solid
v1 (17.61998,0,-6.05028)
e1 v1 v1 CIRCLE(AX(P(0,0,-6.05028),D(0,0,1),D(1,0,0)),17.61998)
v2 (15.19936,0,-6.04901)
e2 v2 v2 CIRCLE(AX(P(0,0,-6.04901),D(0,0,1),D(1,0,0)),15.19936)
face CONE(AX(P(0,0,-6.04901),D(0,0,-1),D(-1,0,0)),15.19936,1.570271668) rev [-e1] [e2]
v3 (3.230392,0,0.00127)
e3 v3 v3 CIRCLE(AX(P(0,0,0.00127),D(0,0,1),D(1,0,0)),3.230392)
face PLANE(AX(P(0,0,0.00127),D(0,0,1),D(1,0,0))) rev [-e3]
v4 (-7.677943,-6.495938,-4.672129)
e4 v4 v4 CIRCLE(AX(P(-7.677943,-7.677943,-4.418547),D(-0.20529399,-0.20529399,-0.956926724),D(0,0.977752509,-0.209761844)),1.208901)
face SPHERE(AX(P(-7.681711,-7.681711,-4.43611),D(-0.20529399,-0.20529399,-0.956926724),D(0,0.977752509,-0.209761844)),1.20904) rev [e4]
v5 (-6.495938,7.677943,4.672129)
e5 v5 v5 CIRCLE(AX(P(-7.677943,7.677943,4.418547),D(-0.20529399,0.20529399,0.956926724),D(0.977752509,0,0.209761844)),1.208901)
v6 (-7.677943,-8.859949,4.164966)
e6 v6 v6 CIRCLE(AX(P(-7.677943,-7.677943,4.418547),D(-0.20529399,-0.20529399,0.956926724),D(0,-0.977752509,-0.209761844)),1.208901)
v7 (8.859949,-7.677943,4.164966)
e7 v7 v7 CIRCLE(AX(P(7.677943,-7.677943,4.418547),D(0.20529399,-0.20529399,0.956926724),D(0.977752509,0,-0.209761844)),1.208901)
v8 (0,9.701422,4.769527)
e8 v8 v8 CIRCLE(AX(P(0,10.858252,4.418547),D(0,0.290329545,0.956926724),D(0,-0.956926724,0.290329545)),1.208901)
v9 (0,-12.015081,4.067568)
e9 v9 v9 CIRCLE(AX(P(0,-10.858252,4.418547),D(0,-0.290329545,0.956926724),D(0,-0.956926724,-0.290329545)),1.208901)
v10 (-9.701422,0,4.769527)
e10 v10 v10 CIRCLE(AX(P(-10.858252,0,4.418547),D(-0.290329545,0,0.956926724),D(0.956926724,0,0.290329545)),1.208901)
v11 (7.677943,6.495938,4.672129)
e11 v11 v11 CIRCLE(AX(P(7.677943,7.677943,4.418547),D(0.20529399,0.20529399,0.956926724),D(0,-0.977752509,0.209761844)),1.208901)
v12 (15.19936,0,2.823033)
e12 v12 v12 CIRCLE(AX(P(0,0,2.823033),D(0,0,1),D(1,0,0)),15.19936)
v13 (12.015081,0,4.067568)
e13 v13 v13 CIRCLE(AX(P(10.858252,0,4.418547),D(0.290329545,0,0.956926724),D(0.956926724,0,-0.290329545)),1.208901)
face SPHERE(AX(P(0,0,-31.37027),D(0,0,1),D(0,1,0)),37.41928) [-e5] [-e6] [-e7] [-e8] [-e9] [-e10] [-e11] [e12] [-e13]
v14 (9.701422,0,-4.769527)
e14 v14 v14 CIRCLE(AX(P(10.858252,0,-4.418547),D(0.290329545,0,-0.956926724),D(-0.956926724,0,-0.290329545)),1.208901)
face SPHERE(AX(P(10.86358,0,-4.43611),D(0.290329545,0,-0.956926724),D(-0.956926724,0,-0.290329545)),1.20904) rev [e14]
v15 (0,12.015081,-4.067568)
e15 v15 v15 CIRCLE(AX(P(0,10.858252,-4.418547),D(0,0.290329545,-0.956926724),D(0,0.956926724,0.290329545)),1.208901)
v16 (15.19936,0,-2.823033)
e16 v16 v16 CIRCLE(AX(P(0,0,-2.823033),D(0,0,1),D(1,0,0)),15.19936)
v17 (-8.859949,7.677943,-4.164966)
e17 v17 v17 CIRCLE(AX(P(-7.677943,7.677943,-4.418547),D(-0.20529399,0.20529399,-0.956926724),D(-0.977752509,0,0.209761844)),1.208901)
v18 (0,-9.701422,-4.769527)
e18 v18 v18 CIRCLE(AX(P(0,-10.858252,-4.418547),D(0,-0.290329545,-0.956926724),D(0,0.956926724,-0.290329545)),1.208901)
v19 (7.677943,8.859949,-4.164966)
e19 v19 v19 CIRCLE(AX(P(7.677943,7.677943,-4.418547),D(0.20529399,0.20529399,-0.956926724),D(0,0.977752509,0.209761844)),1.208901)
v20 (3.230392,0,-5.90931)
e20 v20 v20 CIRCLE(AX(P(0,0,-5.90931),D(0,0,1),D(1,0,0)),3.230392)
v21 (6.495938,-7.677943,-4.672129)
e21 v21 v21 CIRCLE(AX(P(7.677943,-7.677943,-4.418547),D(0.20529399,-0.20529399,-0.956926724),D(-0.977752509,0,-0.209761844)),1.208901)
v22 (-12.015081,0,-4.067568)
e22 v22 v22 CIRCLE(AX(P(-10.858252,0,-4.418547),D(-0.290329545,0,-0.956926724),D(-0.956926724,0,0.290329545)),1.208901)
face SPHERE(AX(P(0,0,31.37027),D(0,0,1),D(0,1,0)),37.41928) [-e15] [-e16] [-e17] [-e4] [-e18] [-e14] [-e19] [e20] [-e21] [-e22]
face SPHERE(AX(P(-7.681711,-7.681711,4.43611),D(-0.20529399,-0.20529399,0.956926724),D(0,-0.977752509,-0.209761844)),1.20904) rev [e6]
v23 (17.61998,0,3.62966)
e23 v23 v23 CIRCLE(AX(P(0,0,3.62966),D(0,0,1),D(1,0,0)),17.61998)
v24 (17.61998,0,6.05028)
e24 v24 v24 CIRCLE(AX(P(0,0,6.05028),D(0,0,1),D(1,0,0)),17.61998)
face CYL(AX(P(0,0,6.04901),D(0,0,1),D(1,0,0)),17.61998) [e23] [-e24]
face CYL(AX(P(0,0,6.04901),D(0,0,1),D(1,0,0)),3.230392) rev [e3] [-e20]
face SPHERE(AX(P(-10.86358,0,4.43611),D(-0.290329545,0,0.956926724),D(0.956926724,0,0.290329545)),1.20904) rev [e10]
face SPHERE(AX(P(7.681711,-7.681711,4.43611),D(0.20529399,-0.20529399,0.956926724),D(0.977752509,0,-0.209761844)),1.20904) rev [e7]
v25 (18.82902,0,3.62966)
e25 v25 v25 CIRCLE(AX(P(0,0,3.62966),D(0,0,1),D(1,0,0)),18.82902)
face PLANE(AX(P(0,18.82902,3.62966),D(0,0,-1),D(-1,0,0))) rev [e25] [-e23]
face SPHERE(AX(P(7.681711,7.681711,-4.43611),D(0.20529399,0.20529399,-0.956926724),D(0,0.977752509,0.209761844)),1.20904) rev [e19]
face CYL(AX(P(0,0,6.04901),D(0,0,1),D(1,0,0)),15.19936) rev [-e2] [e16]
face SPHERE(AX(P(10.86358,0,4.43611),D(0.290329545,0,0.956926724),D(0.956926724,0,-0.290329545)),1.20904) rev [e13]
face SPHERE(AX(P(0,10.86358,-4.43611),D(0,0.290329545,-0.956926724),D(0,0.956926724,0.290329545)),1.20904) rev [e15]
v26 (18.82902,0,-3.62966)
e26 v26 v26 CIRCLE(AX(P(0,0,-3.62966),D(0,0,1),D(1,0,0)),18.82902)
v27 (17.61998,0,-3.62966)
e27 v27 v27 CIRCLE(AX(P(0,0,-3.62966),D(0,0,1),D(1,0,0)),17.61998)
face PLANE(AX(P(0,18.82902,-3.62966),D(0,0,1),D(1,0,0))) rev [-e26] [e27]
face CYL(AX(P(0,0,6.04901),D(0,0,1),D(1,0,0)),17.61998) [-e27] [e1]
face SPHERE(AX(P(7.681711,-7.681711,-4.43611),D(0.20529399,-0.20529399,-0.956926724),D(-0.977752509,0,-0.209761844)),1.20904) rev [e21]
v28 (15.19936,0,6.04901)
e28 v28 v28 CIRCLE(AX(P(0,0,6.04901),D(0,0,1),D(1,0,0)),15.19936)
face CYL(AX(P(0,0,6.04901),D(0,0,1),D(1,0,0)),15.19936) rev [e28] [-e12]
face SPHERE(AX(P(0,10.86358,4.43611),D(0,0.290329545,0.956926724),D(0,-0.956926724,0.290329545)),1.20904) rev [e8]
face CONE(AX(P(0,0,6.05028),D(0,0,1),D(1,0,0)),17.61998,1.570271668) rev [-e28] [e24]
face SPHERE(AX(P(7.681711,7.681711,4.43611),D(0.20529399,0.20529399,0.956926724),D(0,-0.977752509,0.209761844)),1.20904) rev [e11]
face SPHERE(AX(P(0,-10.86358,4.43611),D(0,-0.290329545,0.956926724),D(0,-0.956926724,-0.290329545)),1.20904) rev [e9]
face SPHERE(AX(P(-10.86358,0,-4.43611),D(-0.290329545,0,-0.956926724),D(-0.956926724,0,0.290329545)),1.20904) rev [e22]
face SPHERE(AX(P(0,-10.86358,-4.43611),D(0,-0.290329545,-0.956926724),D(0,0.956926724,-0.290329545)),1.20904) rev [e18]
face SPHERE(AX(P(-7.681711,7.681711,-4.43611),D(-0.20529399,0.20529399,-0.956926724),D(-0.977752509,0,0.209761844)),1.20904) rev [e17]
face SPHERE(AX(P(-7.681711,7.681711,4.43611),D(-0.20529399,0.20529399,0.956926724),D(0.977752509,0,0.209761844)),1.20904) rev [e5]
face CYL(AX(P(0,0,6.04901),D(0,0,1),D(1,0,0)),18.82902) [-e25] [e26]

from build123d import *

# Parameters (mm, degrees)
CIRPATTERN1_COUNT = 8


with BuildPart() as part:
    # Sketch1 → Revolve1 (revolve)
    with BuildSketch(Plane(origin=(0, 0, 0), x_dir=(0, 0, -1), z_dir=(1, 0, 0)), mode=Mode.PRIVATE) as revolve1_sk:
        with BuildLine():
            Line((-6.049010000000001, 0), (-0.0012699999999996, 0))
            Line((-0.0012699999999996, 0), (-0.00127000000000026, 3.230391731973082))
            Line((-0.00127000000000026, 3.230391731973082), (5.909310000000001, 3.230391731973083))
            ThreePointArc((5.909310000000001, 3.230391731973083), (4.8637927323391, 9.343190762652467), (2.823033018409908, 15.19936))
            Line((2.823033018409908, 15.19936), (6.049010000000001, 15.19936))
            Line((6.049010000000001, 15.19936), (6.05028, 17.61998))
            Line((6.05028, 17.61998), (3.62966, 17.61998))
            Line((3.62966, 17.61998), (3.62966, 18.82902))
            Line((3.62966, 18.82902), (-3.62966, 18.82902))
            Line((-3.62966, 18.82902), (-3.62966, 17.61998))
            Line((-3.62966, 17.61998), (-6.05028, 17.61998))
            Line((-6.05028, 17.61998), (-6.049010000000001, 15.19936))
            Line((-6.049010000000001, 15.19936), (-2.823033018409908, 15.19936))
            ThreePointArc((-2.823033018409908, 15.19936), (-5.233632083583423, 7.768968269586206), (-6.049010000000001, 0))
        make_face()
    revolve(revolve1_sk.sketch.rotate(Axis((0, 0, 6.049010000000001), (0, 0, -1)), 90), axis=Axis((0, 0, 6.049010000000001), (0, 0, -1)))

    # Sketch2 → Cut-Revolve1 (revolve, cut)
    with BuildSketch(Plane.XY.offset(4.43611)):
        with BuildLine():
            Line((-1.209040000000002, 10.86358), (1.2090399999999986, 10.86358))
            ThreePointArc((1.2090399999999986, 10.86358), (-1.66e-15, 12.07262), (-1.209040000000002, 10.86358))
        make_face()
    cut_revolve1 = revolve(axis=Axis((-1.209040000000002, 10.86358, 4.43611), (1, 0, 0)), mode=Mode.SUBTRACT)

    # CirPattern1: Cut-Revolve1 ×8 about axis
    cirpattern1_axis = Axis((-9.52e-15, 2e-17, 0), (0, 0, 1))
    for i in range(1, CIRPATTERN1_COUNT):
        add(cut_revolve1.rotate(cirpattern1_axis, i * 360 / CIRPATTERN1_COUNT), mode=Mode.SUBTRACT)

    # Mirror1: Cut-Revolve1 across plane
    add(cut_revolve1.mirror(Plane.XY), mode=Mode.SUBTRACT)

    # Mirror1 copy 1 sketch → Mirror1 copy 1 (revolve, cut)
    with BuildSketch(Plane(origin=(-2.78e-15, 6.74e-15, -4.43611), x_dir=(0.7071067811865476, 0.7071067811865475, 0), z_dir=(0, 0, -1))):
        with BuildLine():
            Line((-1.209040000000002, -10.86358), (1.2090399999999986, -10.86358))
            ThreePointArc((1.2090399999999986, -10.86358), (-1.66e-15, -12.07262), (-1.209040000000002, -10.86358))
        make_face()
    revolve(axis=Axis((-8.536631468688341, 6.826790703236778, -4.43611), (-0.7071067811865476, -0.7071067811865475, 0)), mode=Mode.SUBTRACT)

    # Mirror1 copy 2 sketch → Mirror1 copy 2 (revolve, cut)
    with BuildSketch(Plane.YX.offset(4.43611)):
        with BuildLine():
            Line((-1.209040000000002, -10.86358), (1.2090399999999986, -10.86358))
            ThreePointArc((1.2090399999999986, -10.86358), (-1.66e-15, -12.07262), (-1.209040000000002, -10.86358))
        make_face()
    revolve(axis=Axis((-10.86358000000001, -1.2090399999999917, -4.43611), (-6e-17, -1, 0)), mode=Mode.SUBTRACT)

    # Mirror1 copy 3 sketch → Mirror1 copy 3 (revolve, cut)
    with BuildSketch(Plane(origin=(-1.624e-14, 6.76e-15, -4.43611), x_dir=(-0.7071067811865475, 0.7071067811865476, 0), z_dir=(0, 0, -1))):
        with BuildLine():
            Line((-1.209040000000002, -10.86358), (1.2090399999999986, -10.86358))
            ThreePointArc((1.2090399999999986, -10.86358), (-1.66e-15, -12.07262), (-1.209040000000002, -10.86358))
        make_face()
    revolve(axis=Axis((-6.826790703236787, -8.53663146868833, -4.43611), (0.7071067811865475, -0.7071067811865476, 0)), mode=Mode.SUBTRACT)

    # Mirror1 copy 4 sketch → Mirror1 copy 4 (revolve, cut)
    with BuildSketch(Plane(origin=(-1.904e-14, 3e-17, -4.43611), x_dir=(-1, 1.2e-16, 0), z_dir=(0, 0, -1))):
        with BuildLine():
            Line((-1.209040000000002, -10.86358), (1.2090399999999986, -10.86358))
            ThreePointArc((1.2090399999999986, -10.86358), (-1.66e-15, -12.07262), (-1.209040000000002, -10.86358))
        make_face()
    revolve(axis=Axis((1.2090399999999815, -10.86358, -4.43611), (1, -1.2e-16, 0)), mode=Mode.SUBTRACT)

    # Mirror1 copy 5 sketch → Mirror1 copy 5 (revolve, cut)
    with BuildSketch(Plane(origin=(-1.626e-14, -6.71e-15, -4.43611), x_dir=(-0.7071067811865477, -0.7071067811865475, 0), z_dir=(0, 0, -1))):
        with BuildLine():
            Line((-1.209040000000002, -10.86358), (1.2090399999999986, -10.86358))
            ThreePointArc((1.2090399999999986, -10.86358), (-1.66e-15, -12.07262), (-1.209040000000002, -10.86358))
        make_face()
    revolve(axis=Axis((8.536631468688322, -6.826790703236779, -4.43611), (0.7071067811865477, 0.7071067811865475, 0)), mode=Mode.SUBTRACT)

    # Mirror1 copy 6 sketch → Mirror1 copy 6 (revolve, cut)
    with BuildSketch(Plane(origin=(-9.54e-15, -9.5e-15, -4.43611), x_dir=(-1.8e-16, -1, 0), z_dir=(0, 0, -1))):
        with BuildLine():
            Line((-1.209040000000002, -10.86358), (1.2090399999999986, -10.86358))
            ThreePointArc((1.2090399999999986, -10.86358), (-1.66e-15, -12.07262), (-1.209040000000002, -10.86358))
        make_face()
    revolve(axis=Axis((10.863579999999992, 1.2090399999999903, -4.43611), (1.8e-16, 1, 0)), mode=Mode.SUBTRACT)

    # Mirror1 copy 7 sketch → Mirror1 copy 7 (revolve, cut)
    with BuildSketch(Plane(origin=(-2.8e-15, -6.73e-15, -4.43611), x_dir=(0.7071067811865474, -0.7071067811865477, 0), z_dir=(0, 0, -1))):
        with BuildLine():
            Line((-1.209040000000002, -10.86358), (1.2090399999999986, -10.86358))
            ThreePointArc((1.2090399999999986, -10.86358), (-1.66e-15, -12.07262), (-1.209040000000002, -10.86358))
        make_face()
    revolve(axis=Axis((6.826790703236769, 8.53663146868833, -4.43611), (-0.7071067811865474, 0.7071067811865477, 0)), mode=Mode.SUBTRACT)


solid = part.part
